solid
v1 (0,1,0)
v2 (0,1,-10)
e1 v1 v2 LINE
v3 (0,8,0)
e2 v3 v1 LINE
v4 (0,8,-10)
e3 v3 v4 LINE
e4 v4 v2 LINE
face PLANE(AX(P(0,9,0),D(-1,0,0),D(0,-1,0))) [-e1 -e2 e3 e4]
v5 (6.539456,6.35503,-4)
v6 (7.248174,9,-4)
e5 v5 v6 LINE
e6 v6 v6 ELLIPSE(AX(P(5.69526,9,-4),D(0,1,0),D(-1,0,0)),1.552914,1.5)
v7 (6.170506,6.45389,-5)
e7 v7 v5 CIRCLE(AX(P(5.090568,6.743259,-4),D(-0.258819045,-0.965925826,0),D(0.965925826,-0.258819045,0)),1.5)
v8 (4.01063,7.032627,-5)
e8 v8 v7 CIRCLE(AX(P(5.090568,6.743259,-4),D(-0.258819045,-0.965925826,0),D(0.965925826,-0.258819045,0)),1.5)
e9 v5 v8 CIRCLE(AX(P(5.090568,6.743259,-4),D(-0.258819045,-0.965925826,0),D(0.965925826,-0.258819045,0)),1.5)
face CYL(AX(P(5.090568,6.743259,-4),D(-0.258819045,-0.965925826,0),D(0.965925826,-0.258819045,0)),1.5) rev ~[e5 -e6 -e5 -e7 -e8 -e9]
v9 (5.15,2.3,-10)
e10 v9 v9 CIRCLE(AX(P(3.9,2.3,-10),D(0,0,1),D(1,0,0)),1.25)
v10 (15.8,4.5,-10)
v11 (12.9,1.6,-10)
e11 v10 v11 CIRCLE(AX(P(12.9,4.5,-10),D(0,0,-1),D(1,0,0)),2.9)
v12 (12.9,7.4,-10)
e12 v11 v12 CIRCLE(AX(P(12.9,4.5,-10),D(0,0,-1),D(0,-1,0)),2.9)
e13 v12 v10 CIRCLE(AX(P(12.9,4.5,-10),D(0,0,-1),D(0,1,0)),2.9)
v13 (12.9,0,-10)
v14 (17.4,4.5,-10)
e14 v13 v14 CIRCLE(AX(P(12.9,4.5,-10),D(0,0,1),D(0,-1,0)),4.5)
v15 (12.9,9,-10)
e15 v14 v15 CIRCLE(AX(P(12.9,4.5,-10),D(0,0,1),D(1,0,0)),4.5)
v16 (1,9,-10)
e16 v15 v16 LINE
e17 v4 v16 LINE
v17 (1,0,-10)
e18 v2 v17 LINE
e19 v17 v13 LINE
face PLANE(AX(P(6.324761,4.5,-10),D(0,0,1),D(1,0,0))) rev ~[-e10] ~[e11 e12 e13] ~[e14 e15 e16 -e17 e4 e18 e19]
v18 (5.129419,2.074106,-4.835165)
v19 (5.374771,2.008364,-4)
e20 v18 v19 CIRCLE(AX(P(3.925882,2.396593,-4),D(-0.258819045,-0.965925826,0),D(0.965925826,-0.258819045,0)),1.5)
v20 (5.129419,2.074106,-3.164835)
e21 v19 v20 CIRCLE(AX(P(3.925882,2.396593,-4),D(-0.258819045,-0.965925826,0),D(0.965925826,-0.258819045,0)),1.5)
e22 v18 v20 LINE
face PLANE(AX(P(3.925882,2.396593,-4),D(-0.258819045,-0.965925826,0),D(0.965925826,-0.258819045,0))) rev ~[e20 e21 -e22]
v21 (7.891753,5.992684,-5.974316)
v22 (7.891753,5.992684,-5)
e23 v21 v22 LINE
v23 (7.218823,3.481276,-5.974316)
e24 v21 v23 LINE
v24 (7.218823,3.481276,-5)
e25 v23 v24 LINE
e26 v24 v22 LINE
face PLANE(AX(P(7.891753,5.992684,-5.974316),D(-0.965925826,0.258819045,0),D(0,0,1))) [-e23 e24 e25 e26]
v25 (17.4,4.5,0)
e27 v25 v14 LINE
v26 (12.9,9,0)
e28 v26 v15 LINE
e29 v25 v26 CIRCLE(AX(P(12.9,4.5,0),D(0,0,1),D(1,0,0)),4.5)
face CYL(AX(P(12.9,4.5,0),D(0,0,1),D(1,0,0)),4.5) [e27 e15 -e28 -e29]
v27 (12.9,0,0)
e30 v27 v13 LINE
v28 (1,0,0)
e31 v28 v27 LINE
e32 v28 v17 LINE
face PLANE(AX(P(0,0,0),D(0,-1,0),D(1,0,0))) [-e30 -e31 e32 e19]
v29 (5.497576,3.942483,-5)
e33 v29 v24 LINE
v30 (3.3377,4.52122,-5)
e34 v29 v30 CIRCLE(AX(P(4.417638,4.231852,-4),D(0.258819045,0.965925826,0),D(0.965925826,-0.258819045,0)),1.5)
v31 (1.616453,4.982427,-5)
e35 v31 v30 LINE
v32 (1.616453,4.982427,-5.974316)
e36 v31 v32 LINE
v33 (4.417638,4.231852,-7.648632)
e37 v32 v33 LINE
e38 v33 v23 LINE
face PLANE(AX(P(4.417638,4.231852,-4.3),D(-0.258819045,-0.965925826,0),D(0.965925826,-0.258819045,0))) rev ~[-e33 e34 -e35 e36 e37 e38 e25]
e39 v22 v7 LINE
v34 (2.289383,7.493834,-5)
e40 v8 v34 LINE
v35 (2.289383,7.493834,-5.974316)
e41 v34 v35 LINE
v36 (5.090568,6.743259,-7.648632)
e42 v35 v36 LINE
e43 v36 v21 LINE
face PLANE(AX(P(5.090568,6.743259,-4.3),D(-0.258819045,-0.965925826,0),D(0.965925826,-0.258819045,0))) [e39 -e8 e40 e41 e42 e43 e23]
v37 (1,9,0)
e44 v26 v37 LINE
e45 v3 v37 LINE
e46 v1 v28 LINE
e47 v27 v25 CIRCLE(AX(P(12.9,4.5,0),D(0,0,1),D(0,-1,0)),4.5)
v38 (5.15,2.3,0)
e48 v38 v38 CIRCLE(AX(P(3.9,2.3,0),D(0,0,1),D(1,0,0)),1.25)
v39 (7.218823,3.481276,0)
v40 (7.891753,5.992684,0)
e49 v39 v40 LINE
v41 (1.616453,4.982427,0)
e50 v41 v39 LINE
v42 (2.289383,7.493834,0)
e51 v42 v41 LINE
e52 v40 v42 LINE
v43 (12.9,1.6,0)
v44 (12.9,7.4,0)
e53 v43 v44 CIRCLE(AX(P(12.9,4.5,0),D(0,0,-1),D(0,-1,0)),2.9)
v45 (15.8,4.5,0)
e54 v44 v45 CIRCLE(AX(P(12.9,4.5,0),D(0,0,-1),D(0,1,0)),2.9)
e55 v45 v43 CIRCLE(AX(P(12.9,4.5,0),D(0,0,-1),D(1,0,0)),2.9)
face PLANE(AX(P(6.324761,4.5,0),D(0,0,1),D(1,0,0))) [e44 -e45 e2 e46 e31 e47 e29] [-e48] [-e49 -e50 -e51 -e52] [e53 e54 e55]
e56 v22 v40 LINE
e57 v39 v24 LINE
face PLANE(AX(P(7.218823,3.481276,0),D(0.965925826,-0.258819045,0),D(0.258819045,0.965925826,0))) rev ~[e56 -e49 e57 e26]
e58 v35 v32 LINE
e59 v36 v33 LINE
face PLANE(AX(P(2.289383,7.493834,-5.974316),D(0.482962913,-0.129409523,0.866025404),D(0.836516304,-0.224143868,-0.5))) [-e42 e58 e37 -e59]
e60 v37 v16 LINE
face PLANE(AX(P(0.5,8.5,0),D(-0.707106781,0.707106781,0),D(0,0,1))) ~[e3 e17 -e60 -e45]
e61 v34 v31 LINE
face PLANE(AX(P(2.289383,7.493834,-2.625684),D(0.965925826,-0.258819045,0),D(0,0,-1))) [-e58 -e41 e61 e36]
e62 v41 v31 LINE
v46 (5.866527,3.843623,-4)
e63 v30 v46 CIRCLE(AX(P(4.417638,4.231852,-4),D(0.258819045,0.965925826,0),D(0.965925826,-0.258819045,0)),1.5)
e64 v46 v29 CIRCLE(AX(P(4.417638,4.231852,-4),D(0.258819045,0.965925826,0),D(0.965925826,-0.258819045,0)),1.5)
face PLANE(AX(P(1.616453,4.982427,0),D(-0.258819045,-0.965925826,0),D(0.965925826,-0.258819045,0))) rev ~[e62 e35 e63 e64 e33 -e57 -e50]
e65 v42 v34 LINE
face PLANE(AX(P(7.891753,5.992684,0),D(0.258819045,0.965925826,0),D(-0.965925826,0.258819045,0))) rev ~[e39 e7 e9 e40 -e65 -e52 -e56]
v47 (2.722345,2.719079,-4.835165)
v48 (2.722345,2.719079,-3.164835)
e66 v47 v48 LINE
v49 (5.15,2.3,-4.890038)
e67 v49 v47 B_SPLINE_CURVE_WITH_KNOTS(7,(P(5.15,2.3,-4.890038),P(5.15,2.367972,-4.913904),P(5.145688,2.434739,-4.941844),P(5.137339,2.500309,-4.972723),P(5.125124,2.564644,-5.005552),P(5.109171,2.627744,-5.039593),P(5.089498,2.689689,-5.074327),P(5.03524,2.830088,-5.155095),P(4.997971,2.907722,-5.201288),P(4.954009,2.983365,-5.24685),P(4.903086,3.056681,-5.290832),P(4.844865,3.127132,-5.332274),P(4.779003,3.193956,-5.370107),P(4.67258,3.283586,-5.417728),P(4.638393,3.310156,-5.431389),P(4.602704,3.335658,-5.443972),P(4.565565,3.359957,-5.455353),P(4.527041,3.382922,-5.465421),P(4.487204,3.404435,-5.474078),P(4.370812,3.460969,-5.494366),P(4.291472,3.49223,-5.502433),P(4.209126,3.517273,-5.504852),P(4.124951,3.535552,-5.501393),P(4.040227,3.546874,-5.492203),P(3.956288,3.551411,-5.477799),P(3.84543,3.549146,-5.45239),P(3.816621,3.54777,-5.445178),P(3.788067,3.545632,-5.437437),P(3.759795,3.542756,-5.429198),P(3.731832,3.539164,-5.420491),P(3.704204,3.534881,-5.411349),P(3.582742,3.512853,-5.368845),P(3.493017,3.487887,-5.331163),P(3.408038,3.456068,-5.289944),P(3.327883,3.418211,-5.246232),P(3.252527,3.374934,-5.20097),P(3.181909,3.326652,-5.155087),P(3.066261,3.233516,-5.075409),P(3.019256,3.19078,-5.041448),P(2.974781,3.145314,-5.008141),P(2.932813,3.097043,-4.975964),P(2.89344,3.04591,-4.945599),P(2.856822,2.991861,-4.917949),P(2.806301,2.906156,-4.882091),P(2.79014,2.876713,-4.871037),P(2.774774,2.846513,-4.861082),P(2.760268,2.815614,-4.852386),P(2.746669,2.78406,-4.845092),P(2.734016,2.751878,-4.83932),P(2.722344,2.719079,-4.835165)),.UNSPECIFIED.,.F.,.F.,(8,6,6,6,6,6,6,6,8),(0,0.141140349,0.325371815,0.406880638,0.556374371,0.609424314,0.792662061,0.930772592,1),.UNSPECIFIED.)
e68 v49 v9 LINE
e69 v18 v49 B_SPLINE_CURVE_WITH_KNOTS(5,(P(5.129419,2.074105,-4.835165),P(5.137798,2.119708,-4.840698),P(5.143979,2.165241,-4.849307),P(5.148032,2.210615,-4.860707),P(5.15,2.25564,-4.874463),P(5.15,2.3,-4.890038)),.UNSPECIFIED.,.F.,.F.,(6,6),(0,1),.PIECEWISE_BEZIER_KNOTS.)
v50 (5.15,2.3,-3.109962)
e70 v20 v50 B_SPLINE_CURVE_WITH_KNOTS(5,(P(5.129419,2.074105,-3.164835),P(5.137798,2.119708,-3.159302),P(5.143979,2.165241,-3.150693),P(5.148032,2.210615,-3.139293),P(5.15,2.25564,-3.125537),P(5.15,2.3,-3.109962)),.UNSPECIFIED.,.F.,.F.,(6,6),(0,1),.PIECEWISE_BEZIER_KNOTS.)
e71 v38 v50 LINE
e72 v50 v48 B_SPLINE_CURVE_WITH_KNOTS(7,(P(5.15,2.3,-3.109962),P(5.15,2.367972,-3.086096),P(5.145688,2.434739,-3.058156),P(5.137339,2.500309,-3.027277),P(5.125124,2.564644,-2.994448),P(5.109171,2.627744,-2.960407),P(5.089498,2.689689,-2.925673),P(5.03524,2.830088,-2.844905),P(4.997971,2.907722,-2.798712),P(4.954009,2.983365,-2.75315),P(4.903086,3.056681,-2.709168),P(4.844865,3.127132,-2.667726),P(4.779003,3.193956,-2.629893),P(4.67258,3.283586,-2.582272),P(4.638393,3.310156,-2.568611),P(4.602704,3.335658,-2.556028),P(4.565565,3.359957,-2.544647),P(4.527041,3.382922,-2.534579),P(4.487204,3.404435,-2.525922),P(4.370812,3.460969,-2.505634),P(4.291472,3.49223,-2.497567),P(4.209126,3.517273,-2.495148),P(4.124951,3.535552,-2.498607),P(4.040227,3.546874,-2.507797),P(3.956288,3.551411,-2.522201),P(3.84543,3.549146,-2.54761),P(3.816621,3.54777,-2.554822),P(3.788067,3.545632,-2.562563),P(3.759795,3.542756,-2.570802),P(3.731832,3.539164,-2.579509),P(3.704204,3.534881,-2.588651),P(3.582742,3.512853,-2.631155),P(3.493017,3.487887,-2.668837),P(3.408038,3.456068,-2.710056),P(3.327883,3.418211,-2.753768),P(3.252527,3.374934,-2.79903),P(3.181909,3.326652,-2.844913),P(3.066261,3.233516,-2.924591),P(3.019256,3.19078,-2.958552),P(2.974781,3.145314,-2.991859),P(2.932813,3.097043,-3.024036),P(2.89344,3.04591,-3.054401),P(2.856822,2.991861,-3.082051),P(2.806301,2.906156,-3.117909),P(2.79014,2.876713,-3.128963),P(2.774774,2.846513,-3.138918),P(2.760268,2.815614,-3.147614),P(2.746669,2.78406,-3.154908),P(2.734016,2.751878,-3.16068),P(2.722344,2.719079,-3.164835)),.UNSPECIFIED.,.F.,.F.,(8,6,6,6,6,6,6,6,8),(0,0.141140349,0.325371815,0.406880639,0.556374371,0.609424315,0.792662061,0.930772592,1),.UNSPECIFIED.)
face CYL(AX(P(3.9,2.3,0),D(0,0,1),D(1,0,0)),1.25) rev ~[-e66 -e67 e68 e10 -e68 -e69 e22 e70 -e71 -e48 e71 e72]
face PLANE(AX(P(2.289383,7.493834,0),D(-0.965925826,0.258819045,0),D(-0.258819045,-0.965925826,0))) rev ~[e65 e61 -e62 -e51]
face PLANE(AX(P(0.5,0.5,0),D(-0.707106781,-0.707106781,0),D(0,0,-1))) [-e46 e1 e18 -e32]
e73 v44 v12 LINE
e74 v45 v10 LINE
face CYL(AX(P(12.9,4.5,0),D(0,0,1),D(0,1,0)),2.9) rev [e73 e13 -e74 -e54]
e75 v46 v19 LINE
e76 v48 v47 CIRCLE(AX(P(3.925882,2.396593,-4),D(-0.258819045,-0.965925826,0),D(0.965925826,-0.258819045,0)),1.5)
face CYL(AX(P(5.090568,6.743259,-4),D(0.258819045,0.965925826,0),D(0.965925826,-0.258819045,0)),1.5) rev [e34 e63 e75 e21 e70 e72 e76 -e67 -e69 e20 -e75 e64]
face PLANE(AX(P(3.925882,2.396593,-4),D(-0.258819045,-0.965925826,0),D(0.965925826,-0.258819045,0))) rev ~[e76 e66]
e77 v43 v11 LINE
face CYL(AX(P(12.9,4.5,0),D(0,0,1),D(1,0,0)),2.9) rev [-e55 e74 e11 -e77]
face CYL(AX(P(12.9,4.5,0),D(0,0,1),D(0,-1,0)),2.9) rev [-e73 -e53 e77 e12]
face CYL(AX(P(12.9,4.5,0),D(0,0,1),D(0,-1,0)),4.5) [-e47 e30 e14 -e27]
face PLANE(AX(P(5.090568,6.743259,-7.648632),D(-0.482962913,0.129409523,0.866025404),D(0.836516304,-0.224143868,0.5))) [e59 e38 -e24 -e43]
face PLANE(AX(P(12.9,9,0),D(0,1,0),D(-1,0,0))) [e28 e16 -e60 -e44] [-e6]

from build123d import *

# Parameters (mm, degrees)
F0_R     = 1.25
F1_DEPTH = 10
F3_DEPTH = 5
F5_DEPTH = 2.6
F6_R     = 1.5
F7_DEPTH = 3
F8_DEPTH = 4.5
F9_SIZE  = 1
F10_SIZE = 1


with BuildPart() as f1:
    # F0 (on Top) → F1 (new body)
    with BuildSketch(Plane.XY):
        with BuildLine():
            Line((0, 9), (0, 0))
            Line((0, 0), (12.9, 0))
            ThreePointArc((12.9, 0), (8.4, 4.5), (12.9, 9))
            Line((12.9, 9), (0, 9))
        make_face()
        with Locations((3.9, 2.3)):
            Circle(F0_R, mode=Mode.SUBTRACT)
        with BuildLine():
            ThreePointArc((12.9, 9), (8.4, 4.5), (12.9, 0))
            Line((12.9, 0), (12.9, 1.6))
            ThreePointArc((12.9, 1.6), (10, 4.5), (12.9, 7.4))
            Line((12.9, 7.4), (12.9, 9))
        make_face()
        with BuildLine():
            Line((12.9, 1.6), (12.9, 0))
            ThreePointArc((12.9, 0), (16.0819805153, 1.3180194847), (17.4, 4.5))
            ThreePointArc((17.4, 4.5), (16.0819805153, 7.6819805153), (12.9, 9))
            Line((12.9, 9), (12.9, 7.4))
            ThreePointArc((12.9, 7.4), (14.9506096654, 6.5506096654), (15.8, 4.5))
            ThreePointArc((15.8, 4.5), (14.9506096654, 2.4493903346), (12.9, 1.6))
        make_face()
    extrude(amount=-F1_DEPTH)

    # F2 (on face) → F3 (cut)
    with BuildSketch(Plane.XY):
        Polygon((7.8917525037, 5.9926835701), (2.2893827112, 7.4938340317), (1.616453194, 4.9824268834), (7.2188229864, 3.4812764218), align=None)
    extrude(amount=-F3_DEPTH, mode=Mode.SUBTRACT)

    # F4 (on face) → F5 (cut, through all)
    with BuildSketch(Plane(origin=(2.0268180701, 7.5641880153, 0), x_dir=(0.9659258263, -0.2588190451, 0), z_dir=(-0.2588190451, -0.9659258263, 0))):
        Polygon((6.0718269188, -5.9743157806), (6.0718269188, -2.6256842194), (3.1718269188, -0.9513684387), (0.2718269188, -2.6256842194), (0.2718269188, -5.9743157806), (3.1718269188, -7.6486315613), align=None)
    extrude(amount=F5_DEPTH, mode=Mode.SUBTRACT)

    # F6 (on face) → F7 (cut)
    with BuildSketch(Plane(origin=(2.0268180701, 7.5641880153, 0), x_dir=(0.9659258263, -0.2588190451, 0), z_dir=(-0.2588190451, -0.9659258263, 0))):
        with Locations((3.1718269188, -4)):
            Circle(F6_R)
    extrude(amount=-F7_DEPTH, mode=Mode.SUBTRACT)

    # F6 (on face) → F8 (cut)
    with BuildSketch(Plane(origin=(2.0268180701, 7.5641880153, 0), x_dir=(0.9659258263, -0.2588190451, 0), z_dir=(-0.2588190451, -0.9659258263, 0))):
        with Locations((3.1718269188, -4)):
            Circle(F6_R)
    extrude(amount=F8_DEPTH, mode=Mode.SUBTRACT)

    # F9
    f9_edges = [f1.edges().sort_by_distance(p)[0] for p in [
        (0, 0, -5),
    ]]
    chamfer(f9_edges, length=F9_SIZE)

    # F10
    f10_edges = [f1.edges().sort_by_distance(p)[0] for p in [
        (0, 9, -5),
    ]]
    chamfer(f10_edges, length=F10_SIZE)


solid = f1.part
